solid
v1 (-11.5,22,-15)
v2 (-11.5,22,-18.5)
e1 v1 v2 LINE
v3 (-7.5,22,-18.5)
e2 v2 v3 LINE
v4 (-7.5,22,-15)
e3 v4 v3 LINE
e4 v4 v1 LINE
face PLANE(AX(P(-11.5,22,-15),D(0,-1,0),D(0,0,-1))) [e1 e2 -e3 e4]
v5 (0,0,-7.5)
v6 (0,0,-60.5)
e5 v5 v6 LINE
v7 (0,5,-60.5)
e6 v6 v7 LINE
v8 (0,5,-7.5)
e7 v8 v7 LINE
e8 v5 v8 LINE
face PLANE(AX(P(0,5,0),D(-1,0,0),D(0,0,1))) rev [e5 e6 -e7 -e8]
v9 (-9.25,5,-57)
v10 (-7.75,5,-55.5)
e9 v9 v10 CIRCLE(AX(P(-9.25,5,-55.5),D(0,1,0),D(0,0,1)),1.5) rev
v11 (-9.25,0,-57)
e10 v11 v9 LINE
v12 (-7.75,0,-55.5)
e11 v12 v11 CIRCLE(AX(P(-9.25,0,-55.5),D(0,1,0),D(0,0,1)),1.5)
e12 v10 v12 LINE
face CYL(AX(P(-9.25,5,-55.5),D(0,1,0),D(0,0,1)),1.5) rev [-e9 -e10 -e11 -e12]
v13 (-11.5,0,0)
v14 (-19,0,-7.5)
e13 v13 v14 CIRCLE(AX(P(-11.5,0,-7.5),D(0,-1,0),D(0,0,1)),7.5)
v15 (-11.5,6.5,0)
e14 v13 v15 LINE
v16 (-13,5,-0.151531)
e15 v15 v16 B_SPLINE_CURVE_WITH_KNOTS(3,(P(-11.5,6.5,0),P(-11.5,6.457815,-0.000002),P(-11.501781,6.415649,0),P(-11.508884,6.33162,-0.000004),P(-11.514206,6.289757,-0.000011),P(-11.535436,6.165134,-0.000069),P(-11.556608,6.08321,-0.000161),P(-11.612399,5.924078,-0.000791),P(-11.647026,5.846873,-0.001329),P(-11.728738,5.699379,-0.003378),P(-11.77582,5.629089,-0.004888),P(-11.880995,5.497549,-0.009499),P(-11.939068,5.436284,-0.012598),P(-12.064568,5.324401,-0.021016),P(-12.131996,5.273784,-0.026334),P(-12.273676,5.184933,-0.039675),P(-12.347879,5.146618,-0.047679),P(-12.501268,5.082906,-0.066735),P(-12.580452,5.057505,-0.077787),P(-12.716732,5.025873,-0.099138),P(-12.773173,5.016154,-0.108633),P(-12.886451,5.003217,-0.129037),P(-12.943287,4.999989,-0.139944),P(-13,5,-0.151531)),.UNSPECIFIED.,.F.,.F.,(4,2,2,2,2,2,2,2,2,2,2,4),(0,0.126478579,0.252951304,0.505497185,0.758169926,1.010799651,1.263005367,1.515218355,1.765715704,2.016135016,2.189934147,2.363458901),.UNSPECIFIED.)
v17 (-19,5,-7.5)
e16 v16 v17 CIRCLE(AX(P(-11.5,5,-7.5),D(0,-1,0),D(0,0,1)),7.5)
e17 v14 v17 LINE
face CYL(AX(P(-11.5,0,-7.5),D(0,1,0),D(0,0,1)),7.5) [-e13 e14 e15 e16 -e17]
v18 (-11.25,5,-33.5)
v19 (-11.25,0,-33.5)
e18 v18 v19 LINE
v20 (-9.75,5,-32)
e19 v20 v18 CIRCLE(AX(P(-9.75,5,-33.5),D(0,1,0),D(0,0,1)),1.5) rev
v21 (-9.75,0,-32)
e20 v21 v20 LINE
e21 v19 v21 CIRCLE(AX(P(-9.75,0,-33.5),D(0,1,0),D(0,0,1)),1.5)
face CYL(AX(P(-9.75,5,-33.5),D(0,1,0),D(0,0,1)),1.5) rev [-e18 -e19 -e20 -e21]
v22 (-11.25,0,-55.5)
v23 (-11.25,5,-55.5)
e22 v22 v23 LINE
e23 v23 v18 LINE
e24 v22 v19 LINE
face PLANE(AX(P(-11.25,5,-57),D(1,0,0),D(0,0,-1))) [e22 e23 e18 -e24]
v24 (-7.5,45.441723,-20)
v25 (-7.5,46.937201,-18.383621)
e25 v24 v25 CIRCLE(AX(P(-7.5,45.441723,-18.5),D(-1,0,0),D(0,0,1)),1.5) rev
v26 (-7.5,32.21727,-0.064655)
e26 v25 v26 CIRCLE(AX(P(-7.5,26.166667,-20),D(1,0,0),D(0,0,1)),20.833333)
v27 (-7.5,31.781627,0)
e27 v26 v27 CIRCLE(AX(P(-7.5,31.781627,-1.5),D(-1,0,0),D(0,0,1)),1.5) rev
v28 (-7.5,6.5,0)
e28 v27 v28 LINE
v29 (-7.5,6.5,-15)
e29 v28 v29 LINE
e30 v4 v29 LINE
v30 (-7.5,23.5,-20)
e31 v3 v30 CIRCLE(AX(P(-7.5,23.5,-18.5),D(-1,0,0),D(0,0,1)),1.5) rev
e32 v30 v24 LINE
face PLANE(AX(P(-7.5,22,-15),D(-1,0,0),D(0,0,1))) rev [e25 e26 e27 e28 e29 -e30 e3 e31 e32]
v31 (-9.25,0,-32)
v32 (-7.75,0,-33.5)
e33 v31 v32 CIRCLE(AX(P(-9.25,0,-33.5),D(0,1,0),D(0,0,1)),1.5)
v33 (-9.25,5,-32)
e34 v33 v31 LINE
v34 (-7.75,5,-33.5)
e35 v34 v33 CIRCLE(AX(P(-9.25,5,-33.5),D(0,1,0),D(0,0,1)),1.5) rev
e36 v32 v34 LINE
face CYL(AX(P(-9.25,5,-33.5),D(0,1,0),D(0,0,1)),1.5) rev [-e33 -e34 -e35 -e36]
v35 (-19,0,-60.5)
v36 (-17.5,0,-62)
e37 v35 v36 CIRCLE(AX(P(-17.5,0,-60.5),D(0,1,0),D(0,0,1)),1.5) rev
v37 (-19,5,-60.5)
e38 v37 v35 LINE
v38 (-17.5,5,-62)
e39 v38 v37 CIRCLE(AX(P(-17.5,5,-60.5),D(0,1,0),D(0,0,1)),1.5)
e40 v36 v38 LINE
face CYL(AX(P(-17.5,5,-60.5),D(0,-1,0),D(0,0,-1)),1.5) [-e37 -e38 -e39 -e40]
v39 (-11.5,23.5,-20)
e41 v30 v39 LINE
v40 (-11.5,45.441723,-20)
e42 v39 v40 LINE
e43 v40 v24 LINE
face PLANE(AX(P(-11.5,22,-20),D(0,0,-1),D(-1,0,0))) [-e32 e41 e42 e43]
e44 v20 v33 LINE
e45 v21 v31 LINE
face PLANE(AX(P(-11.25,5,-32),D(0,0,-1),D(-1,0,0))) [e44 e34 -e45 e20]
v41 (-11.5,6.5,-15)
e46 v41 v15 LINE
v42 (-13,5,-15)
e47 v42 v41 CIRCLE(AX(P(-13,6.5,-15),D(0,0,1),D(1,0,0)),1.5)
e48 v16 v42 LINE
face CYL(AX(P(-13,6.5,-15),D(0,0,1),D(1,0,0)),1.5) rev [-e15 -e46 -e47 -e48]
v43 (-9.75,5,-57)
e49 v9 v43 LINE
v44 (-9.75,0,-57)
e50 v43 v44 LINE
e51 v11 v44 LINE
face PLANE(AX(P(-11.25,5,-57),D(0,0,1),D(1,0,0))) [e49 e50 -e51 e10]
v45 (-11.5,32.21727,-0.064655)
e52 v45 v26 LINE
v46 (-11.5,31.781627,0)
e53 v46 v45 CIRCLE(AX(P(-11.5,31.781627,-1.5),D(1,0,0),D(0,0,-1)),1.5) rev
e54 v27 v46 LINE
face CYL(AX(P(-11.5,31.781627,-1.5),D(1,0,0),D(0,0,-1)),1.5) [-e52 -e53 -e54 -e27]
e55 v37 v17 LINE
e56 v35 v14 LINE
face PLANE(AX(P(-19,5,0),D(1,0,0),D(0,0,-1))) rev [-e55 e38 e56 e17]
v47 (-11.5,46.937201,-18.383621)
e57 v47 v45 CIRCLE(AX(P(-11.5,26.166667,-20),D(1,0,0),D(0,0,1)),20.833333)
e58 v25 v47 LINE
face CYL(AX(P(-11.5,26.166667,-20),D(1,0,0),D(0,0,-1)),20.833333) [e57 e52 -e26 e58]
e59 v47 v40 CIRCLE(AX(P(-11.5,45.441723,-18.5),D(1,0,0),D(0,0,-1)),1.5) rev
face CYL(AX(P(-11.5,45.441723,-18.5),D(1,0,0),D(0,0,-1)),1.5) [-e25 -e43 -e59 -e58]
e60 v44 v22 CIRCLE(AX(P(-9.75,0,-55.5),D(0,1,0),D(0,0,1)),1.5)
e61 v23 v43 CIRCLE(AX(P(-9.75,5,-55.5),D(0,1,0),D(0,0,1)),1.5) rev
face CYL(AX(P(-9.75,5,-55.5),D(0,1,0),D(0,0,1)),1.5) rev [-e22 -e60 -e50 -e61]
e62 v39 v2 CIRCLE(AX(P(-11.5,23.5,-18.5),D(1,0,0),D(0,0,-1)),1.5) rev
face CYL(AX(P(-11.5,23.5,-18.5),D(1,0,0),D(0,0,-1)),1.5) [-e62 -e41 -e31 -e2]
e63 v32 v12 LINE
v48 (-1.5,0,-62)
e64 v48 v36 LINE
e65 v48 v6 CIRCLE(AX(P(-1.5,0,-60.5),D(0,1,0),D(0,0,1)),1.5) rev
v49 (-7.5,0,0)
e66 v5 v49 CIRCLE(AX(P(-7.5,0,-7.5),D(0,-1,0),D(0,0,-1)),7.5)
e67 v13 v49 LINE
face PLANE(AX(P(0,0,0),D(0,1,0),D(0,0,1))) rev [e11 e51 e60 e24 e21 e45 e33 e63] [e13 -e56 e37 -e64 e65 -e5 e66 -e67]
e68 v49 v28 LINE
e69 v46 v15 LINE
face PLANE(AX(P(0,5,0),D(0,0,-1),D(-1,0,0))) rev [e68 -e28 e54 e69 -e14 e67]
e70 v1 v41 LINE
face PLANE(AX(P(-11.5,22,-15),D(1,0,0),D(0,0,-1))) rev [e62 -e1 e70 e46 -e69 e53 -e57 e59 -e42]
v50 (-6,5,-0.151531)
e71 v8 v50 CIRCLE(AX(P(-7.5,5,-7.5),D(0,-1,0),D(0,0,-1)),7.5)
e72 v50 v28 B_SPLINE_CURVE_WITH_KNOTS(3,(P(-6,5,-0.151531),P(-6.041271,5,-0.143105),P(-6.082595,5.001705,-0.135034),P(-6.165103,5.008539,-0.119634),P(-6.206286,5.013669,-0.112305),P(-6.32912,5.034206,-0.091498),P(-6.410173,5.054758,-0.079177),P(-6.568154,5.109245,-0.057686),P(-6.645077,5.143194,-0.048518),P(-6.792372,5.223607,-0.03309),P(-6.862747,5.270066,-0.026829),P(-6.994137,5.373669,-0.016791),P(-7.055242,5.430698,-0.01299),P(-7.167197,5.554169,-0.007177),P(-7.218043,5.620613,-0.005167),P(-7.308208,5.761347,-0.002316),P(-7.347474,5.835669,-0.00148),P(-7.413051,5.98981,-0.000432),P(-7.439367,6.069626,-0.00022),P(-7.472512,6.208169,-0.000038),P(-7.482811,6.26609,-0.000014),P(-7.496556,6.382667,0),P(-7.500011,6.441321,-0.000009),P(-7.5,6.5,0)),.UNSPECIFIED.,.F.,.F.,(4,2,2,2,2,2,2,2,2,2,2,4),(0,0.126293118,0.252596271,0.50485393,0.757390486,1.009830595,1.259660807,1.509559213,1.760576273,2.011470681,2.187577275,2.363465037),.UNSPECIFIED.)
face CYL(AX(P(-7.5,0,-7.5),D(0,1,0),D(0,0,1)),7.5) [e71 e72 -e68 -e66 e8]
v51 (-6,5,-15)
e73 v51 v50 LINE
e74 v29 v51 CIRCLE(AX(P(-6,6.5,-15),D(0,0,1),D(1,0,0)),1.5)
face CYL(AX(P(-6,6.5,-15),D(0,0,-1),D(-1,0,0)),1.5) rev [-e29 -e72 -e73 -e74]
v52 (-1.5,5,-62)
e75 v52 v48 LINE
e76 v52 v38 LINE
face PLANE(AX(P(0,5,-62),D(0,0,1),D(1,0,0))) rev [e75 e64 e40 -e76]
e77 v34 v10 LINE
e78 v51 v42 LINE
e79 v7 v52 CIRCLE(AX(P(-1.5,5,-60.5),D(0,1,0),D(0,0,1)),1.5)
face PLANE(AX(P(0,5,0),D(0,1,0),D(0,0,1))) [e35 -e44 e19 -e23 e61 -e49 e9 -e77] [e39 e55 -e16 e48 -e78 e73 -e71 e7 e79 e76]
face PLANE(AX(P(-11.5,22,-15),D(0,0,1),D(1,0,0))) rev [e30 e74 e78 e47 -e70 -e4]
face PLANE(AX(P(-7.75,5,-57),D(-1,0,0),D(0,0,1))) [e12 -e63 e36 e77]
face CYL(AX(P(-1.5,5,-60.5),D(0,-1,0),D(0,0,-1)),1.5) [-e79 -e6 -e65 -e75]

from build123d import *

# Parameters (mm, degrees)
SKETCH1_W           = 19
SKETCH1_H           = 62
SKETCH1_W_2         = 3.5
SKETCH1_H_2         = 25
BOSS_EXTRUDE1_DEPTH = 5
SKETCH4_W           = 4
SKETCH4_H           = 15
BOSS_EXTRUDE3_DEPTH = 17
BOSS_EXTRUDE4_DEPTH = 4
CUT_EXTRUDE1_DEPTH  = 78.259303647
FILLET1_R           = 1.5


with BuildPart() as part:
    # Sketch1 → Boss-Extrude1 (new body)
    with BuildSketch(Plane(origin=(0, 0, 0), x_dir=(1, 0, 0), z_dir=(0, 1, 0))):
        with Locations((-9.5, 31)):
            Rectangle(SKETCH1_W, SKETCH1_H)
        with Locations((-9.5, 44.5)):
            Rectangle(SKETCH1_W_2, SKETCH1_H_2, mode=Mode.SUBTRACT)
    extrude(amount=BOSS_EXTRUDE1_DEPTH)

    # Sketch4 → Boss-Extrude3 (add)
    with BuildSketch(Plane(origin=(0, 5, 0), x_dir=(1, 0, 0), z_dir=(0, 1, 0))):
        with Locations((-9.5, 7.5)):
            Rectangle(SKETCH4_W, SKETCH4_H)
    extrude(amount=BOSS_EXTRUDE3_DEPTH)

    # Sketch5 → Boss-Extrude4 (add)
    with BuildSketch(Plane(origin=(-7.5, 0, 0), x_dir=(0, 0, -1), z_dir=(1, 0, 0))):
        with BuildLine():
            Line((15, 22), (20, 22))
            Line((20, 22), (20, 47))
            ThreePointArc((20, 47), (7.5, 42.833333333), (0, 32))
            Line((0, 32), (0, 22))
            Line((0, 22), (15, 22))
        make_face()
    extrude(amount=-BOSS_EXTRUDE4_DEPTH)

    # Sketch6 → Cut-Extrude1 (cut, through all)
    with BuildSketch(Plane(origin=(0, 5, 0), x_dir=(1, 0, 0), z_dir=(0, 1, 0))):
        with BuildLine():
            Line((-19, 7.5), (-19, 0))
            Line((-19, 0), (-11.5, 0))
            ThreePointArc((-11.5, 0), (-16.803300859, 2.196699141), (-19, 7.5))
        make_face()
        with BuildLine():
            Line((0, 0), (-7.5, 0))
            ThreePointArc((-7.5, 0), (-2.196699141, 2.196699141), (0, 7.5))
            Line((0, 7.5), (0, 0))
        make_face()
    extrude(amount=-CUT_EXTRUDE1_DEPTH, mode=Mode.SUBTRACT)

    # Fillet1
    fillet1_edges = [part.edges().sort_by_distance(p)[0] for p in [
        (-11.25, 2.5, -57),
        (-11.25, 2.5, -32),
        (-7.75, 2.5, -32),
        (-7.75, 2.5, -57),
        (-11.5, 5, -7.5),
        (-7.5, 5, -7.5),
        (-9.5, 32, 0),
        (-9.5, 47, -20),
        (-9.5, 22, -20),
        (-19, 2.5, -62),
        (0, 2.5, -62),
    ]]
    fillet(fillet1_edges, radius=FILLET1_R)


solid = part.part
